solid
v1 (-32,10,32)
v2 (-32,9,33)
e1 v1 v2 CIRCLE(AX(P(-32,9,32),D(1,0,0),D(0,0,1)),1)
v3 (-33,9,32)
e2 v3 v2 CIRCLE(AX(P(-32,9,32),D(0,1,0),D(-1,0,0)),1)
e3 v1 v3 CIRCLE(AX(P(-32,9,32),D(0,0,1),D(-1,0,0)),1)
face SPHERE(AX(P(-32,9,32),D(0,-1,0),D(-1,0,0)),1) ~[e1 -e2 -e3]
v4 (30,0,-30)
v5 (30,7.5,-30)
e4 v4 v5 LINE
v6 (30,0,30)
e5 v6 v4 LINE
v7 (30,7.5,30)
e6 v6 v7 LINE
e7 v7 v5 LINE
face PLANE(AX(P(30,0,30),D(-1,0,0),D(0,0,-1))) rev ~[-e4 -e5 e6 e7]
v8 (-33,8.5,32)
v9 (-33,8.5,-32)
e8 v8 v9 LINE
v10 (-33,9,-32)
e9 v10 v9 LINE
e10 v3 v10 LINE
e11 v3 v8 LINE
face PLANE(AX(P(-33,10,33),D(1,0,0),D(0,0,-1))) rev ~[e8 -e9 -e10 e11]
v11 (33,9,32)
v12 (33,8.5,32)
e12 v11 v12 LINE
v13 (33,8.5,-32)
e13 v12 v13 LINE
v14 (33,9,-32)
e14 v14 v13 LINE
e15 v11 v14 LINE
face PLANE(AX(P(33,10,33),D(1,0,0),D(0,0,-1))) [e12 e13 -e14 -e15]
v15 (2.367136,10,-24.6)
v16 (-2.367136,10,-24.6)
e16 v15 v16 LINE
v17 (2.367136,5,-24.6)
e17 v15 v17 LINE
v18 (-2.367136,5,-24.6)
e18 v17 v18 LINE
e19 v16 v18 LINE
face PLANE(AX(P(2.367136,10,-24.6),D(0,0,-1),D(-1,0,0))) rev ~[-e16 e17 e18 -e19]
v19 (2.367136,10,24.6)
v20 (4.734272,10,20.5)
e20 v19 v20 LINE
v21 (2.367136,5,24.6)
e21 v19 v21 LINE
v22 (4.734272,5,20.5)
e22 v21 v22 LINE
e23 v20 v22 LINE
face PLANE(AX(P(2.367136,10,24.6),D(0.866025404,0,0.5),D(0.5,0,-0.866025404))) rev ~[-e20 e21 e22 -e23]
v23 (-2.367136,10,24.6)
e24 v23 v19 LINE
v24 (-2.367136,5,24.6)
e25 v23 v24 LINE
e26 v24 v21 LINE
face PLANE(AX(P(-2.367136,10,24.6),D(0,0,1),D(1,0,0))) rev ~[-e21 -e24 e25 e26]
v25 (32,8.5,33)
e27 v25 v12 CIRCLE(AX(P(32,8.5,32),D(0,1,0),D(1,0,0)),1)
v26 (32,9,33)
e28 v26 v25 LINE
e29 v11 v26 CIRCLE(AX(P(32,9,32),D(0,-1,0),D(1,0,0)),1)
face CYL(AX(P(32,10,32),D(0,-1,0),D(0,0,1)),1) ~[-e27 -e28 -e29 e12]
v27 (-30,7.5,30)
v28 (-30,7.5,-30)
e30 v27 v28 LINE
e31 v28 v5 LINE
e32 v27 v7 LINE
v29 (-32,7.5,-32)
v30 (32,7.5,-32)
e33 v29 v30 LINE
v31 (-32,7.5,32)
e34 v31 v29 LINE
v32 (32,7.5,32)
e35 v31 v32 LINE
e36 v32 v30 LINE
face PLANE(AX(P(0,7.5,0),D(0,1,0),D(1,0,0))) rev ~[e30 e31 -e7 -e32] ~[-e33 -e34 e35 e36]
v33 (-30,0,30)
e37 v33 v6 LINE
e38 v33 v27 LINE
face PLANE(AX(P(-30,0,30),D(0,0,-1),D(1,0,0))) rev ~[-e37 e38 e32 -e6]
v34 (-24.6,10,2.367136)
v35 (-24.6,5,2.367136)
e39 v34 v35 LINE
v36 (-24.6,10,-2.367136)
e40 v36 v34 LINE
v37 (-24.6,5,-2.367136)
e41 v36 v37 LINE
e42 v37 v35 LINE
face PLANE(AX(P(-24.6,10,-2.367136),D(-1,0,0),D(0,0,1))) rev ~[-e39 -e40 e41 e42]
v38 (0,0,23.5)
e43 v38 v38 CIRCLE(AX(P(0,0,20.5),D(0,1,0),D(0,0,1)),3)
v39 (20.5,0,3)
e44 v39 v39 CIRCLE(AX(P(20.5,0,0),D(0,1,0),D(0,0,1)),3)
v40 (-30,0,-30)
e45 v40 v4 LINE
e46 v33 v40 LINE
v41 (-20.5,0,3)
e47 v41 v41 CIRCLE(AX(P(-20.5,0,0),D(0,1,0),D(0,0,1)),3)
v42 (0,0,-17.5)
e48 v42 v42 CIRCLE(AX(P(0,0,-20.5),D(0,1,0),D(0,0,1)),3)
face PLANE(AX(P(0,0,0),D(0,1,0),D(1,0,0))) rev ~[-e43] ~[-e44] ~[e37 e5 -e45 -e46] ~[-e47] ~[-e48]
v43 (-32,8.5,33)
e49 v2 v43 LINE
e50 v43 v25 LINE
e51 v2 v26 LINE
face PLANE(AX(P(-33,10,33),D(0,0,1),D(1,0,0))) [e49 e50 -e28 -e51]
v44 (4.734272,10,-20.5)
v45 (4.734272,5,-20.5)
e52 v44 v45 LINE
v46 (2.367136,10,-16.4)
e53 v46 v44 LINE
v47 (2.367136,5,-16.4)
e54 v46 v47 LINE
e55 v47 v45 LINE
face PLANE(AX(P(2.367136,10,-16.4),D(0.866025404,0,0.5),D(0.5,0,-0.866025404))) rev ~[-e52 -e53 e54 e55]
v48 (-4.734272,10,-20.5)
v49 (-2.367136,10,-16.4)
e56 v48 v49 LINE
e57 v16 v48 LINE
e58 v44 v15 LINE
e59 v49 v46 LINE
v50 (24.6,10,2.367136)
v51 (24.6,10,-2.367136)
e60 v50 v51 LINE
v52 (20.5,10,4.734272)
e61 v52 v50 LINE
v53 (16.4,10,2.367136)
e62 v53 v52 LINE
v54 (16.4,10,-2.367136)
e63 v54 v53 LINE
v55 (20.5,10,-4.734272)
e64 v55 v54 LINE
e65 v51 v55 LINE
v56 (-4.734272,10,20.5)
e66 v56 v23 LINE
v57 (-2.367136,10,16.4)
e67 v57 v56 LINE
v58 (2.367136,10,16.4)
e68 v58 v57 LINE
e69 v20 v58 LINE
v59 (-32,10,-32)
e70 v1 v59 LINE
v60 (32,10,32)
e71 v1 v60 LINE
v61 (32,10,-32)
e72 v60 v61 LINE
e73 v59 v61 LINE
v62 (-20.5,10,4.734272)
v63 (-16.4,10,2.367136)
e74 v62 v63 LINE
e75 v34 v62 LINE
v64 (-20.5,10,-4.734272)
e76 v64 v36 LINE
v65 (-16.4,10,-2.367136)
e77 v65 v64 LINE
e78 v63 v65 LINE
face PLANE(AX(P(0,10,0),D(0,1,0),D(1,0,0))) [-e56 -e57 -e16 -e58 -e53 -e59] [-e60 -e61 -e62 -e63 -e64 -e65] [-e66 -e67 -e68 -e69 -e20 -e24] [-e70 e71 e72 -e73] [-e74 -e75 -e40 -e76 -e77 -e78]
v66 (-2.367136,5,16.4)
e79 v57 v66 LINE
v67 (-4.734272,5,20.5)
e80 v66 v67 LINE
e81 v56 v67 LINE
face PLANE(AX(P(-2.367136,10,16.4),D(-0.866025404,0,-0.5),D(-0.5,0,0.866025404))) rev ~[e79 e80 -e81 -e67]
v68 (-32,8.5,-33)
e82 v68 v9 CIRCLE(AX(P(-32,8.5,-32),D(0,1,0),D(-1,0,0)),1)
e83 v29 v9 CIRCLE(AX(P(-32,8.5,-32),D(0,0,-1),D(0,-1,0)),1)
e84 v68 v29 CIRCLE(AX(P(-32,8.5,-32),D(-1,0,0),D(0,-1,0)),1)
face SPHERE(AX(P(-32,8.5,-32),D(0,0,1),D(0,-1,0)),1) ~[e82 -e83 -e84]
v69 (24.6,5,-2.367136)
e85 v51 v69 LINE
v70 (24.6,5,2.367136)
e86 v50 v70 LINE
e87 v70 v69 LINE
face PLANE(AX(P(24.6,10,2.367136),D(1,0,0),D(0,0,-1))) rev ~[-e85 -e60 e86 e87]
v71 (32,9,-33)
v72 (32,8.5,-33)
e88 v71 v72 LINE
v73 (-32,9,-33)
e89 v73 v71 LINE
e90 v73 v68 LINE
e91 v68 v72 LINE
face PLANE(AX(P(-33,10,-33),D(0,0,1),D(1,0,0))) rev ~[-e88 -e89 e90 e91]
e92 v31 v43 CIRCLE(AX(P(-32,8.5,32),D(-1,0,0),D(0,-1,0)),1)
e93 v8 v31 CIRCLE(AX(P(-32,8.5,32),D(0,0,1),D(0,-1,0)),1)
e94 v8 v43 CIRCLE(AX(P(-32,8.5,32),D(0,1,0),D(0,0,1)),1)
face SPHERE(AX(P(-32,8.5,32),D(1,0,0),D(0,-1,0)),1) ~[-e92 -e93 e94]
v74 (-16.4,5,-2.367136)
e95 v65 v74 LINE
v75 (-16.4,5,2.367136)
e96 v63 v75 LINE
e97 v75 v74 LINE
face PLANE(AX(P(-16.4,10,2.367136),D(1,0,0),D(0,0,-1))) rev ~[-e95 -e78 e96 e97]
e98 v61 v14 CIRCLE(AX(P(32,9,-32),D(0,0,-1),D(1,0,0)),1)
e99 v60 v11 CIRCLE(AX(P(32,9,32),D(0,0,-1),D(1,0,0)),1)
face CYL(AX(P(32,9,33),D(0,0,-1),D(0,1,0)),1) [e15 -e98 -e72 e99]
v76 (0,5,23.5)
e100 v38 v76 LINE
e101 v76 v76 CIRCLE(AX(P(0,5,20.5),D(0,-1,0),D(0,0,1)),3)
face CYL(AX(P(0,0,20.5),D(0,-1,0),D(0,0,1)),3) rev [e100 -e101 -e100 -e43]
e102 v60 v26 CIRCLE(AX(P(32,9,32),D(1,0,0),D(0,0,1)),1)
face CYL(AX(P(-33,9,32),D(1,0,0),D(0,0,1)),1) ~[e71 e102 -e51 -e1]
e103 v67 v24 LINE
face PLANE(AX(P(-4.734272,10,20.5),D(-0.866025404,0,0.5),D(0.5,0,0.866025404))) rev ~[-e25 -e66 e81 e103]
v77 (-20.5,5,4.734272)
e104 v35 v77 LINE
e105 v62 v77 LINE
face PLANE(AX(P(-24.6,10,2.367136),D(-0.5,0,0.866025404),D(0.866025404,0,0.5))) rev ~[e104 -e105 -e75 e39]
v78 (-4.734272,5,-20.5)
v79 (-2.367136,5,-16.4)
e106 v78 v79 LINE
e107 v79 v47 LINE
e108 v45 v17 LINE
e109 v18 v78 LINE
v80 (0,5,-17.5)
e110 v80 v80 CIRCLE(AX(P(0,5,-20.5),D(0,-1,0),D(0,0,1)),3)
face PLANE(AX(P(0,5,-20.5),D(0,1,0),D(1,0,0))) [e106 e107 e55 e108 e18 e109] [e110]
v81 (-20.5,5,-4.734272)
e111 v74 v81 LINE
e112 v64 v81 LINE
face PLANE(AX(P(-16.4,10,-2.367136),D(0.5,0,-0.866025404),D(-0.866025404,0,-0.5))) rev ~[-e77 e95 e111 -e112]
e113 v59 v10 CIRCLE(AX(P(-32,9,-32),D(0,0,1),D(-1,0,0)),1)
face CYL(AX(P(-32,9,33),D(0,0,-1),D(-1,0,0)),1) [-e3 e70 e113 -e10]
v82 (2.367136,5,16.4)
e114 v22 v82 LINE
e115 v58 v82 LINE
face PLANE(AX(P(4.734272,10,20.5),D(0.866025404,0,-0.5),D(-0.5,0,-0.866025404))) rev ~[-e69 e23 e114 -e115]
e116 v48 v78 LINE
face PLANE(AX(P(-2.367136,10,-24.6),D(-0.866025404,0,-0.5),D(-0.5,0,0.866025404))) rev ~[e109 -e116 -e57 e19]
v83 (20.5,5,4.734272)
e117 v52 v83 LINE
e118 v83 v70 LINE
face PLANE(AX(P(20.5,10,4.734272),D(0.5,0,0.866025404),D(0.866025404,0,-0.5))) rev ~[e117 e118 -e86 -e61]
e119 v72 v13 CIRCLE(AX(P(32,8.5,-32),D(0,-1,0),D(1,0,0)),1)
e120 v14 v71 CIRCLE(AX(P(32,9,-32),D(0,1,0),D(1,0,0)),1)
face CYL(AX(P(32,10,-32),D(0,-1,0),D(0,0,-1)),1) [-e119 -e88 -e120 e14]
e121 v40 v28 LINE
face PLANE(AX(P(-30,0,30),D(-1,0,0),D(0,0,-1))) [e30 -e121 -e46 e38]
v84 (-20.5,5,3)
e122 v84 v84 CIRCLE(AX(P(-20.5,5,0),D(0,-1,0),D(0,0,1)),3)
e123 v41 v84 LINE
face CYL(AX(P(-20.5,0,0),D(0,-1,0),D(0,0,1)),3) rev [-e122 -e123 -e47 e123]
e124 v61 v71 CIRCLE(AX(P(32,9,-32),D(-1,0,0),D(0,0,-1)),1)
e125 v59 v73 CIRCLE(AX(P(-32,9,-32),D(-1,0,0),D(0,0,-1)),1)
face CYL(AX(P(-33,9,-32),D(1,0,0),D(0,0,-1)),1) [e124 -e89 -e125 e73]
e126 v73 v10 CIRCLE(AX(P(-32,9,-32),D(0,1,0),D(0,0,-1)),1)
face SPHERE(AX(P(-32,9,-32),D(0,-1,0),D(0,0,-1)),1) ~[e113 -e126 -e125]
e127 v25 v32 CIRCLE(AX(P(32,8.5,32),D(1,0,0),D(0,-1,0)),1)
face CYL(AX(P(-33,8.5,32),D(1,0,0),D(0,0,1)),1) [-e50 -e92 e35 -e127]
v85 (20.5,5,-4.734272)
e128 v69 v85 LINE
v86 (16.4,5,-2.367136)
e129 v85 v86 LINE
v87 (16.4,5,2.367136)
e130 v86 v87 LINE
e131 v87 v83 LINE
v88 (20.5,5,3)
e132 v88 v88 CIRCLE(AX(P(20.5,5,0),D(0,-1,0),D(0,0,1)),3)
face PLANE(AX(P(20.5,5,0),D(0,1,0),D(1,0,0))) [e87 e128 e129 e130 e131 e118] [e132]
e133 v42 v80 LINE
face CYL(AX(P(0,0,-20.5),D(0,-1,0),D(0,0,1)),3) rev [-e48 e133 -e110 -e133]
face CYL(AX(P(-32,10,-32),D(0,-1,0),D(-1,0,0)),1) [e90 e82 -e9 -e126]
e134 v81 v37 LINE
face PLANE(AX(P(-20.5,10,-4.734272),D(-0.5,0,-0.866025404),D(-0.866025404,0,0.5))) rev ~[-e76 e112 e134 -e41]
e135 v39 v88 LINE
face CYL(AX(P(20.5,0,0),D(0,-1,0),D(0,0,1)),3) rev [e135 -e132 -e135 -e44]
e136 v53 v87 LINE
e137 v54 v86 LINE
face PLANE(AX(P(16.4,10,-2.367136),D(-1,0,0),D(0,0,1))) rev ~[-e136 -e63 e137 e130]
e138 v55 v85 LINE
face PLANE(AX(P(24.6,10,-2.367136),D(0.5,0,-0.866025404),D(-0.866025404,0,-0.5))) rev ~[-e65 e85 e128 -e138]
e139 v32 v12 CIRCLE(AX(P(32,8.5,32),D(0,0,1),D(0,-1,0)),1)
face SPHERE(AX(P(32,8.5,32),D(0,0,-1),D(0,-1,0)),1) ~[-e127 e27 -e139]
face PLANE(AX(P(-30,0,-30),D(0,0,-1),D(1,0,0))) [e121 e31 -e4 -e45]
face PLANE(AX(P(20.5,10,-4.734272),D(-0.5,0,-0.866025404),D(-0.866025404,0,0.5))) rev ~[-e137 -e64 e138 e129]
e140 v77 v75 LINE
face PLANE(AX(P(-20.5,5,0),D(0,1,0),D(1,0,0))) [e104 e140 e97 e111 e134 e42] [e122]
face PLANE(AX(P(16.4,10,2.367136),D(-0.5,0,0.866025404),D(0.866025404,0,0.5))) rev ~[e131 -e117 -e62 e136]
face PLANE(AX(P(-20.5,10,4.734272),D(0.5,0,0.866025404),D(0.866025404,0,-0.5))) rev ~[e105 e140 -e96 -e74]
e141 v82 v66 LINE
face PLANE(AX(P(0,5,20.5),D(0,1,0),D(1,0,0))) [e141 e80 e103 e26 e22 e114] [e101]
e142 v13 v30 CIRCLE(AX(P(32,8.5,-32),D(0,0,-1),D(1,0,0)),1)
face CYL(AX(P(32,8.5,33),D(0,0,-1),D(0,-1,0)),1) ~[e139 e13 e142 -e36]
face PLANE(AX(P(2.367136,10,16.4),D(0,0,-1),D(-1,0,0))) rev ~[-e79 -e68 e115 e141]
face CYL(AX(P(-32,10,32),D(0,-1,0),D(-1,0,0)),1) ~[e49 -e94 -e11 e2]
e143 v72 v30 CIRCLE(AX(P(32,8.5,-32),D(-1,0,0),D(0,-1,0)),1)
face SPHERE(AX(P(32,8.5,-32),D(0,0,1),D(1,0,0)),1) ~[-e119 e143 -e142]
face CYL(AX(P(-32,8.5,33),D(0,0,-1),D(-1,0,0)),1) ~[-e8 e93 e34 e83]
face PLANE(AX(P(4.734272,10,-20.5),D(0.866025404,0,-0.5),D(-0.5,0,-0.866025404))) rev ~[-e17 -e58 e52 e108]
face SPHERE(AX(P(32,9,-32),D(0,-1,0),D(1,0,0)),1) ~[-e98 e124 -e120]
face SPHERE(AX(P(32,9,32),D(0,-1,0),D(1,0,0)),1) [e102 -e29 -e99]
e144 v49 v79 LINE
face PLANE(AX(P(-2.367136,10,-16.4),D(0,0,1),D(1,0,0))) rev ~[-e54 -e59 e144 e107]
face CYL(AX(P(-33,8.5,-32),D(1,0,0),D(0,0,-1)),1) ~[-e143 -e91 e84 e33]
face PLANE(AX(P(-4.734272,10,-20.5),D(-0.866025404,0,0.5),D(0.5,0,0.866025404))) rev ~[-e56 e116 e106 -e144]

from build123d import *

# Parameters (mm, degrees)
SKETCH1_W           = 60
SKETCH1_H           = 60
SKETCH1_R           = 3
BOSS_EXTRUDE1_DEPTH = 10
SKETCH2_W           = 66
SKETCH2_H           = 66
SKETCH2_W_2         = 60
SKETCH2_H_2         = 60
BOSS_EXTRUDE2_DEPTH = 2.5
CUT_EXTRUDE1_DEPTH  = 5
FILLET1_R           = 1


with BuildPart() as part:
    # Sketch1 → Boss-Extrude1 (new body)
    with BuildSketch(Plane(origin=(0, 0, 0), x_dir=(1, 0, 0), z_dir=(0, 1, 0))):
        Rectangle(SKETCH1_W, SKETCH1_H)
        with Locations(Location((0, 20.5, 0), (0, 0, 270))):
            Circle(SKETCH1_R, mode=Mode.SUBTRACT)
        with Locations(Location((20.5, 0, 0), (0, 0, 270))):
            Circle(SKETCH1_R, mode=Mode.SUBTRACT)
        with Locations(Location((0, -20.5, 0), (0, 0, 270))):
            Circle(SKETCH1_R, mode=Mode.SUBTRACT)
        with Locations(Location((-20.5, 0, 0), (0, 0, 270))):
            Circle(SKETCH1_R, mode=Mode.SUBTRACT)
    extrude(amount=BOSS_EXTRUDE1_DEPTH)

    # Sketch2 → Boss-Extrude2 (add)
    with BuildSketch(Plane(origin=(0, 10, 0), x_dir=(1, 0, 0), z_dir=(0, 1, 0))):
        Rectangle(SKETCH2_W, SKETCH2_H)
        Rectangle(SKETCH2_W_2, SKETCH2_H_2, mode=Mode.SUBTRACT)
    extrude(amount=-BOSS_EXTRUDE2_DEPTH)

    # Sketch3 → Cut-Extrude1 (cut)
    with BuildSketch(Plane(origin=(0, 10, 0), x_dir=(1, 0, 0), z_dir=(0, 1, 0))):
        Polygon((-4.734272207, 20.5), (-2.367136104, 16.4), (2.367136104, 16.4), (4.734272207, 20.5), (2.367136104, 24.6), (-2.367136104, 24.6), align=None)
        Polygon((-20.5, -4.734272207), (-16.4, -2.367136104), (-16.4, 2.367136104), (-20.5, 4.734272207), (-24.6, 2.367136104), (-24.6, -2.367136104), align=None)
        Polygon((20.5, 4.734272207), (16.4, 2.367136104), (16.4, -2.367136104), (20.5, -4.734272207), (24.6, -2.367136104), (24.6, 2.367136104), align=None)
        Polygon((4.734272207, -20.5), (2.367136104, -16.4), (-2.367136104, -16.4), (-4.734272207, -20.5), (-2.367136104, -24.6), (2.367136104, -24.6), align=None)
    extrude(amount=-CUT_EXTRUDE1_DEPTH, mode=Mode.SUBTRACT)

    # Fillet1
    fillet1_edges = [part.edges().sort_by_distance(p)[0] for p in [
        (33, 7.5, 0),
        (33, 8.75, -33),
        (0, 7.5, 33),
        (33, 8.75, 33),
        (-33, 7.5, 0),
        (-33, 8.75, 33),
        (0, 7.5, -33),
        (-33, 8.75, -33),
        (33, 10, 0),
        (0, 10, -33),
        (-33, 10, 0),
        (0, 10, 33),
    ]]
    fillet(fillet1_edges, radius=FILLET1_R)


solid = part.part
